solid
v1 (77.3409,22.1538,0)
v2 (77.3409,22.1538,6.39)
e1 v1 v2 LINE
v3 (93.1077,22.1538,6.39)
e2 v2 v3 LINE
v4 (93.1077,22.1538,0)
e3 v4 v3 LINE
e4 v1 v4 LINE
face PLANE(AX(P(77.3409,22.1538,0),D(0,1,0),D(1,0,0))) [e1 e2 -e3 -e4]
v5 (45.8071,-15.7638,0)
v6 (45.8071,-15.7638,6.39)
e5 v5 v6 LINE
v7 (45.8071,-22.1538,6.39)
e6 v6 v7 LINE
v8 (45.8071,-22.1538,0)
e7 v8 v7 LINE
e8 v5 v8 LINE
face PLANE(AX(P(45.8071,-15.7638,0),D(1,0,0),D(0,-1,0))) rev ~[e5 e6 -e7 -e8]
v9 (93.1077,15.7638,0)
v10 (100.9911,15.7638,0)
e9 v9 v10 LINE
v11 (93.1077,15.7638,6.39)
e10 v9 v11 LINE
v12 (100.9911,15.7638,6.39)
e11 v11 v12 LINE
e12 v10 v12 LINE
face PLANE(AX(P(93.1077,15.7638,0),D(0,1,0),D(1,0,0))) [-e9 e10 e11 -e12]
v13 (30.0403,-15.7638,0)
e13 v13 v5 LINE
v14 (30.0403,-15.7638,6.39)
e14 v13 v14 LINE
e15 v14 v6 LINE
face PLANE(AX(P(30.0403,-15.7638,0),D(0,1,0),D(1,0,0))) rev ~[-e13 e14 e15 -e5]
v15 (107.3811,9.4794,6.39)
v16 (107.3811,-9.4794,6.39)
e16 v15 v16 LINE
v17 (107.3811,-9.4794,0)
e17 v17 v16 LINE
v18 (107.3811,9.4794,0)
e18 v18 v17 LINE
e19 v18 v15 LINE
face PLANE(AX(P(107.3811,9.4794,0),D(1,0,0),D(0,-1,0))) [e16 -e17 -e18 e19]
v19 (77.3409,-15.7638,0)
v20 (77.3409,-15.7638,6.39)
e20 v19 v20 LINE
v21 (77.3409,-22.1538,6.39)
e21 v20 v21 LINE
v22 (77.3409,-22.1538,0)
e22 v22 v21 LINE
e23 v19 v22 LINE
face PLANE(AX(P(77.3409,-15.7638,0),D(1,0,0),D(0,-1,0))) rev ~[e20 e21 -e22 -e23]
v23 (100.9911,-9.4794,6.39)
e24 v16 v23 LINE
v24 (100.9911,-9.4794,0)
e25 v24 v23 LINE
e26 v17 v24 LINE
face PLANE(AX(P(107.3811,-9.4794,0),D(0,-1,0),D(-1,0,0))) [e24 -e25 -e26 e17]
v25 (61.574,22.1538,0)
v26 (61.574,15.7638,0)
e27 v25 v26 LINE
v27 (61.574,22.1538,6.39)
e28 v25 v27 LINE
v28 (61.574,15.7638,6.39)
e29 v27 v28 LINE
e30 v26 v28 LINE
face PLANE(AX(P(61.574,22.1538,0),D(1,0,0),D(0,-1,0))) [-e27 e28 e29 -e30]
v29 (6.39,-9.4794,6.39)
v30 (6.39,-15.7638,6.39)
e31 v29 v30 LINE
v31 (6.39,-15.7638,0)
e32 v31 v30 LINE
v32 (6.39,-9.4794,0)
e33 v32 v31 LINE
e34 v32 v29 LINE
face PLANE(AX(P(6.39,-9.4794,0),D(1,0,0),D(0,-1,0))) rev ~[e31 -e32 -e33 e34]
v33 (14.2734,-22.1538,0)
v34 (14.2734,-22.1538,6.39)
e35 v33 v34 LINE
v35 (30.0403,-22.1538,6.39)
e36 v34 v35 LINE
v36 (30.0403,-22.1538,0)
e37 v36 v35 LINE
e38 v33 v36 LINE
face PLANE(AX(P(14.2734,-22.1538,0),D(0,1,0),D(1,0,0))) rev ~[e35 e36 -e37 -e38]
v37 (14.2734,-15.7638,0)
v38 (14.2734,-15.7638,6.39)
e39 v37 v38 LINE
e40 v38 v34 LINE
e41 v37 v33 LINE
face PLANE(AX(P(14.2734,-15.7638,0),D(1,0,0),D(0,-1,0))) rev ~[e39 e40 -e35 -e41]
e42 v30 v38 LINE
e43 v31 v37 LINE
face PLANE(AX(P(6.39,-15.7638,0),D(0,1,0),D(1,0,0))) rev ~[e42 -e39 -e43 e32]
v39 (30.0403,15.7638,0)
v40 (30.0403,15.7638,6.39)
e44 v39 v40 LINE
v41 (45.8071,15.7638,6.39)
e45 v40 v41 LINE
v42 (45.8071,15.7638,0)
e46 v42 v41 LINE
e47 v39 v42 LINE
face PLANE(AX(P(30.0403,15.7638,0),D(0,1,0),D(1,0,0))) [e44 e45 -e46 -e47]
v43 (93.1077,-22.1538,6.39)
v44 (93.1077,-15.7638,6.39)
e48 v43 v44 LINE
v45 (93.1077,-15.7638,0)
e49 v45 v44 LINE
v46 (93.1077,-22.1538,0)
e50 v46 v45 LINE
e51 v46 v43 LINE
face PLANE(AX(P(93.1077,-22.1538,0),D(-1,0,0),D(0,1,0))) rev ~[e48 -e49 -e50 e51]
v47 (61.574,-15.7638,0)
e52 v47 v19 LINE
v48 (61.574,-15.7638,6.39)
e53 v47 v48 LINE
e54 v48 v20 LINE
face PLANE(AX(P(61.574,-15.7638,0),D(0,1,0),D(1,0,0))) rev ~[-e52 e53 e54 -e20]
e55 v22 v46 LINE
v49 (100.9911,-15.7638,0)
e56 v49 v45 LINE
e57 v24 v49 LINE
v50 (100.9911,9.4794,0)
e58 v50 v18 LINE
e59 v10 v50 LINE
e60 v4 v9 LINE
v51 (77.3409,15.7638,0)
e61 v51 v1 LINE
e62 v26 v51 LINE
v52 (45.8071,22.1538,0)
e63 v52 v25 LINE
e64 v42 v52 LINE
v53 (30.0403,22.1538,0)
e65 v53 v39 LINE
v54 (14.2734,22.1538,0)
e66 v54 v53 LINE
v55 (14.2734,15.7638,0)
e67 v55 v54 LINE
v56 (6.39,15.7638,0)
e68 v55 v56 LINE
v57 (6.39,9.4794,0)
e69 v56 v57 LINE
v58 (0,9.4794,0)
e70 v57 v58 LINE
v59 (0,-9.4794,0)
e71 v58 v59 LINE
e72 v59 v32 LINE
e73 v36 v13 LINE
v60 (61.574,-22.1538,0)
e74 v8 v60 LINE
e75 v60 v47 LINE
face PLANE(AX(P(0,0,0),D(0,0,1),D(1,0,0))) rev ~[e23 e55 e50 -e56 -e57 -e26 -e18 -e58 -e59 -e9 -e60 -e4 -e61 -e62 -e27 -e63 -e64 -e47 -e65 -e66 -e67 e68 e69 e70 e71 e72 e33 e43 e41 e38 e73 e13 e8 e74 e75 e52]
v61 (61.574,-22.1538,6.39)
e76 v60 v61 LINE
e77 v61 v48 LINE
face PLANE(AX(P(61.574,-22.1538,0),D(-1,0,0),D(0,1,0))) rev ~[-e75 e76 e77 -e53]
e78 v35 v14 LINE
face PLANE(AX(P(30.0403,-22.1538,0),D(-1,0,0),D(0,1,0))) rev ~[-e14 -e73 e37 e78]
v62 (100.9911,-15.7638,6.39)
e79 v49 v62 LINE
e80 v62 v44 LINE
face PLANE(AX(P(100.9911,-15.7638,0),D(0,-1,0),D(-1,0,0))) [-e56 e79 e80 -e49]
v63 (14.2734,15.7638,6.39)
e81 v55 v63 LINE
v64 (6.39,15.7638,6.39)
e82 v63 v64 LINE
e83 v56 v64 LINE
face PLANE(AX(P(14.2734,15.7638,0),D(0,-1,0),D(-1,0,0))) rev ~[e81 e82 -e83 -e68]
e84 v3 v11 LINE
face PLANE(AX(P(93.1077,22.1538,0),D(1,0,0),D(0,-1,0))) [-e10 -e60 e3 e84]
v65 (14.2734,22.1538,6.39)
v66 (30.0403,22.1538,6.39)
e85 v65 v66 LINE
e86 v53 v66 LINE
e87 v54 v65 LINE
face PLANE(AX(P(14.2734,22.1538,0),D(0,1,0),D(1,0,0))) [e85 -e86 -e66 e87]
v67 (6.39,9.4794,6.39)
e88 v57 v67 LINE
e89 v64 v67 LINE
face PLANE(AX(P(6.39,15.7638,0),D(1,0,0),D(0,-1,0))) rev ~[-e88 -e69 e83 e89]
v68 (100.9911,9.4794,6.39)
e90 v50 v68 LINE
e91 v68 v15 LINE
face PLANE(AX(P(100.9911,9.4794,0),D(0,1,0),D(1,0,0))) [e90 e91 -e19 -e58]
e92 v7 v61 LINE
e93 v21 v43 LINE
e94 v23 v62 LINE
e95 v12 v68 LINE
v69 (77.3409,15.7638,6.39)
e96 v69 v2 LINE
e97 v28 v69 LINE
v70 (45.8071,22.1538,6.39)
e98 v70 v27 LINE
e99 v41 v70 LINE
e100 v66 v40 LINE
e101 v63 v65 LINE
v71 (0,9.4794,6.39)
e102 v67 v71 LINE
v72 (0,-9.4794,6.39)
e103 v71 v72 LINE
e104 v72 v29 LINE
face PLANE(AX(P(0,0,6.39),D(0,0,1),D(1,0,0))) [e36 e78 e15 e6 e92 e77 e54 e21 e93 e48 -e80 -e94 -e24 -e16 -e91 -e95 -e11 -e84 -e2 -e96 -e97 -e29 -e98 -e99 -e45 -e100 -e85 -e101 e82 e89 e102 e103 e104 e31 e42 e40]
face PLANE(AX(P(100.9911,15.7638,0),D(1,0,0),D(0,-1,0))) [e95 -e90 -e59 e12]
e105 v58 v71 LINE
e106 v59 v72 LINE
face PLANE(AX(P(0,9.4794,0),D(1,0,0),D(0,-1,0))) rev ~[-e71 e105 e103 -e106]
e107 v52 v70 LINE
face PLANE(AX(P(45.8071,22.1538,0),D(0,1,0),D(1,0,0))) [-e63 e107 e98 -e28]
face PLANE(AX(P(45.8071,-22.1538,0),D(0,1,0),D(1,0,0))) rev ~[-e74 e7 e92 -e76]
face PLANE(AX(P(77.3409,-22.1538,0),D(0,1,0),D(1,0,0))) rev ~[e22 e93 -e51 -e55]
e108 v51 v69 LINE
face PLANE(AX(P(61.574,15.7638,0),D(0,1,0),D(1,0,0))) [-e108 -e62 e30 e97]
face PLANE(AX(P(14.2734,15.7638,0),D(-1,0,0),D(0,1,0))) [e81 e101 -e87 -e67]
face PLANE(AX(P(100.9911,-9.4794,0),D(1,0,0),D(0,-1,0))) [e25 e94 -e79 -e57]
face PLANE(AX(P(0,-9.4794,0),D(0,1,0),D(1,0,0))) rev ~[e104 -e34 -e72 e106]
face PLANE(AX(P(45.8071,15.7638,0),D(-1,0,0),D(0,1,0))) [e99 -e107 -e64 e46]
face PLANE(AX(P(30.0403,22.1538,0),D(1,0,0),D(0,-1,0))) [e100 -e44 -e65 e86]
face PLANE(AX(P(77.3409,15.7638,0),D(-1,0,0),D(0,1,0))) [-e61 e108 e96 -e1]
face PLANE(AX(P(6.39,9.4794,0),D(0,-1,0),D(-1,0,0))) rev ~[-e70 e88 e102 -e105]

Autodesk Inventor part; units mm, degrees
ref_plane "YZ Plane" through (0, 0, 0) normal (1, 0, 0) x (0, 1, 0)
ref_plane "XZ Plane" through (0, 0, 0) normal (0, 1, 0) x (-1, 0, 0)
ref_plane "XY Plane" through (0, 0, 0) normal (0, 0, 1) x (1, 0, 0)
sketch "Sketch1" plane through (0, 0, 0) normal (0, 0, 1) x (1, 0, 0)
  line L0 (14.2734, 15.7638) -> (14.2734, 22.1538)
  line L1 (14.2734, 22.1538) -> (30.0403, 22.1538)
  line L2 (30.0403, 22.1538) -> (30.0403, 15.7638)
  line L3 (14.2734, 15.7638) -> (6.39, 15.7638)
  line L4 (6.39, 15.7638) -> (6.39, 9.4794)
  line L5 (6.39, 9.4794) -> (0, 9.4794)
  line L6 (0, 9.4794) -> (0, -9.4794)
  line L7 (0, -9.4794) -> (6.39, -9.4794)
  line L8 (6.39, -9.4794) -> (6.39, -15.7638)
  line L9 (6.39, -15.7638) -> (14.2734, -15.7638)
  line L10 (45.8071, 22.1538) -> (61.574, 22.1538)
  line L11 (45.8071, 15.7638) -> (45.8071, 22.1538)
  line L12 (61.574, 22.1538) -> (61.574, 15.7638)
  line L13 (77.3409, 22.1538) -> (93.1077, 22.1538)
  line L14 (77.3409, 15.7638) -> (77.3409, 22.1538)
  line L15 (93.1077, 22.1538) -> (93.1077, 15.7638)
  line L16 (30.0403, 15.7638) -> (45.8071, 15.7638)
  line L17 (61.574, 15.7638) -> (77.3409, 15.7638)
  line L18 (0, 0) -> (107.3811, 0) construction
  line L19 (14.2734, -15.7638) -> (14.2734, -22.1538)
  line L20 (14.2734, -22.1538) -> (30.0403, -22.1538)
  line L21 (30.0403, -22.1538) -> (30.0403, -15.7638)
  line L22 (45.8071, -22.1538) -> (61.574, -22.1538)
  line L23 (45.8071, -15.7638) -> (45.8071, -22.1538)
  line L24 (61.574, -22.1538) -> (61.574, -15.7638)
  line L25 (77.3409, -22.1538) -> (93.1077, -22.1538)
  line L26 (77.3409, -15.7638) -> (77.3409, -22.1538)
  line L27 (93.1077, -22.1538) -> (93.1077, -15.7638)
  line L28 (30.0403, -15.7638) -> (45.8071, -15.7638)
  line L29 (61.574, -15.7638) -> (77.3409, -15.7638)
  line L30 (53.6906, 22.1538) -> (53.6906, -22.1538) construction
  line L31 (93.1077, 15.7638) -> (100.9911, 15.7638)
  line L32 (100.9911, 15.7638) -> (100.9911, 9.4794)
  line L33 (100.9911, 9.4794) -> (107.3811, 9.4794)
  line L34 (107.3811, 9.4794) -> (107.3811, -9.4794)
  line L35 (107.3811, -9.4794) -> (100.9911, -9.4794)
  line L36 (100.9911, -9.4794) -> (100.9911, -15.7638)
  line L37 (100.9911, -15.7638) -> (93.1077, -15.7638)
  line L38 (22.1569, 22.1538) -> (22.1569, -22.1538) construction
  dimension "d0" = 6.39
  dimension "d1" = 15.7669
  dimension "d4" = 31.5337
  dimension "d10" = 18.9588
  dimension "d11" = 31.5277
  dimension "d12" = 94.6011
  dimension "d13" = 6.39
extrude "Extrusion2" add sketch "Sketch1" along normal blind 6.39
equation "\"d0\" = WoodThickness"
equation "\"d1\" = 0.166667 * d7"
equation "\"d4\" = 0.333333 * d7"
equation "\"d10\" = 0.25 * DiskGap"
equation "\"d11\" = 0.5 * DiskGap - WoodThickness"
equation "\"d12\" = d7"
equation "\"d13\" = WoodThickness"
equation "\"d33\" = WoodThickness"
equation "\"WoodThickness\" = 6.39"
equation "\"d7\" = 94.601145"
equation "\"DiskGap\" = 75.835317"
properties part number "IBeamHorizantal" material "MDF Medium Density Fiberboard"
